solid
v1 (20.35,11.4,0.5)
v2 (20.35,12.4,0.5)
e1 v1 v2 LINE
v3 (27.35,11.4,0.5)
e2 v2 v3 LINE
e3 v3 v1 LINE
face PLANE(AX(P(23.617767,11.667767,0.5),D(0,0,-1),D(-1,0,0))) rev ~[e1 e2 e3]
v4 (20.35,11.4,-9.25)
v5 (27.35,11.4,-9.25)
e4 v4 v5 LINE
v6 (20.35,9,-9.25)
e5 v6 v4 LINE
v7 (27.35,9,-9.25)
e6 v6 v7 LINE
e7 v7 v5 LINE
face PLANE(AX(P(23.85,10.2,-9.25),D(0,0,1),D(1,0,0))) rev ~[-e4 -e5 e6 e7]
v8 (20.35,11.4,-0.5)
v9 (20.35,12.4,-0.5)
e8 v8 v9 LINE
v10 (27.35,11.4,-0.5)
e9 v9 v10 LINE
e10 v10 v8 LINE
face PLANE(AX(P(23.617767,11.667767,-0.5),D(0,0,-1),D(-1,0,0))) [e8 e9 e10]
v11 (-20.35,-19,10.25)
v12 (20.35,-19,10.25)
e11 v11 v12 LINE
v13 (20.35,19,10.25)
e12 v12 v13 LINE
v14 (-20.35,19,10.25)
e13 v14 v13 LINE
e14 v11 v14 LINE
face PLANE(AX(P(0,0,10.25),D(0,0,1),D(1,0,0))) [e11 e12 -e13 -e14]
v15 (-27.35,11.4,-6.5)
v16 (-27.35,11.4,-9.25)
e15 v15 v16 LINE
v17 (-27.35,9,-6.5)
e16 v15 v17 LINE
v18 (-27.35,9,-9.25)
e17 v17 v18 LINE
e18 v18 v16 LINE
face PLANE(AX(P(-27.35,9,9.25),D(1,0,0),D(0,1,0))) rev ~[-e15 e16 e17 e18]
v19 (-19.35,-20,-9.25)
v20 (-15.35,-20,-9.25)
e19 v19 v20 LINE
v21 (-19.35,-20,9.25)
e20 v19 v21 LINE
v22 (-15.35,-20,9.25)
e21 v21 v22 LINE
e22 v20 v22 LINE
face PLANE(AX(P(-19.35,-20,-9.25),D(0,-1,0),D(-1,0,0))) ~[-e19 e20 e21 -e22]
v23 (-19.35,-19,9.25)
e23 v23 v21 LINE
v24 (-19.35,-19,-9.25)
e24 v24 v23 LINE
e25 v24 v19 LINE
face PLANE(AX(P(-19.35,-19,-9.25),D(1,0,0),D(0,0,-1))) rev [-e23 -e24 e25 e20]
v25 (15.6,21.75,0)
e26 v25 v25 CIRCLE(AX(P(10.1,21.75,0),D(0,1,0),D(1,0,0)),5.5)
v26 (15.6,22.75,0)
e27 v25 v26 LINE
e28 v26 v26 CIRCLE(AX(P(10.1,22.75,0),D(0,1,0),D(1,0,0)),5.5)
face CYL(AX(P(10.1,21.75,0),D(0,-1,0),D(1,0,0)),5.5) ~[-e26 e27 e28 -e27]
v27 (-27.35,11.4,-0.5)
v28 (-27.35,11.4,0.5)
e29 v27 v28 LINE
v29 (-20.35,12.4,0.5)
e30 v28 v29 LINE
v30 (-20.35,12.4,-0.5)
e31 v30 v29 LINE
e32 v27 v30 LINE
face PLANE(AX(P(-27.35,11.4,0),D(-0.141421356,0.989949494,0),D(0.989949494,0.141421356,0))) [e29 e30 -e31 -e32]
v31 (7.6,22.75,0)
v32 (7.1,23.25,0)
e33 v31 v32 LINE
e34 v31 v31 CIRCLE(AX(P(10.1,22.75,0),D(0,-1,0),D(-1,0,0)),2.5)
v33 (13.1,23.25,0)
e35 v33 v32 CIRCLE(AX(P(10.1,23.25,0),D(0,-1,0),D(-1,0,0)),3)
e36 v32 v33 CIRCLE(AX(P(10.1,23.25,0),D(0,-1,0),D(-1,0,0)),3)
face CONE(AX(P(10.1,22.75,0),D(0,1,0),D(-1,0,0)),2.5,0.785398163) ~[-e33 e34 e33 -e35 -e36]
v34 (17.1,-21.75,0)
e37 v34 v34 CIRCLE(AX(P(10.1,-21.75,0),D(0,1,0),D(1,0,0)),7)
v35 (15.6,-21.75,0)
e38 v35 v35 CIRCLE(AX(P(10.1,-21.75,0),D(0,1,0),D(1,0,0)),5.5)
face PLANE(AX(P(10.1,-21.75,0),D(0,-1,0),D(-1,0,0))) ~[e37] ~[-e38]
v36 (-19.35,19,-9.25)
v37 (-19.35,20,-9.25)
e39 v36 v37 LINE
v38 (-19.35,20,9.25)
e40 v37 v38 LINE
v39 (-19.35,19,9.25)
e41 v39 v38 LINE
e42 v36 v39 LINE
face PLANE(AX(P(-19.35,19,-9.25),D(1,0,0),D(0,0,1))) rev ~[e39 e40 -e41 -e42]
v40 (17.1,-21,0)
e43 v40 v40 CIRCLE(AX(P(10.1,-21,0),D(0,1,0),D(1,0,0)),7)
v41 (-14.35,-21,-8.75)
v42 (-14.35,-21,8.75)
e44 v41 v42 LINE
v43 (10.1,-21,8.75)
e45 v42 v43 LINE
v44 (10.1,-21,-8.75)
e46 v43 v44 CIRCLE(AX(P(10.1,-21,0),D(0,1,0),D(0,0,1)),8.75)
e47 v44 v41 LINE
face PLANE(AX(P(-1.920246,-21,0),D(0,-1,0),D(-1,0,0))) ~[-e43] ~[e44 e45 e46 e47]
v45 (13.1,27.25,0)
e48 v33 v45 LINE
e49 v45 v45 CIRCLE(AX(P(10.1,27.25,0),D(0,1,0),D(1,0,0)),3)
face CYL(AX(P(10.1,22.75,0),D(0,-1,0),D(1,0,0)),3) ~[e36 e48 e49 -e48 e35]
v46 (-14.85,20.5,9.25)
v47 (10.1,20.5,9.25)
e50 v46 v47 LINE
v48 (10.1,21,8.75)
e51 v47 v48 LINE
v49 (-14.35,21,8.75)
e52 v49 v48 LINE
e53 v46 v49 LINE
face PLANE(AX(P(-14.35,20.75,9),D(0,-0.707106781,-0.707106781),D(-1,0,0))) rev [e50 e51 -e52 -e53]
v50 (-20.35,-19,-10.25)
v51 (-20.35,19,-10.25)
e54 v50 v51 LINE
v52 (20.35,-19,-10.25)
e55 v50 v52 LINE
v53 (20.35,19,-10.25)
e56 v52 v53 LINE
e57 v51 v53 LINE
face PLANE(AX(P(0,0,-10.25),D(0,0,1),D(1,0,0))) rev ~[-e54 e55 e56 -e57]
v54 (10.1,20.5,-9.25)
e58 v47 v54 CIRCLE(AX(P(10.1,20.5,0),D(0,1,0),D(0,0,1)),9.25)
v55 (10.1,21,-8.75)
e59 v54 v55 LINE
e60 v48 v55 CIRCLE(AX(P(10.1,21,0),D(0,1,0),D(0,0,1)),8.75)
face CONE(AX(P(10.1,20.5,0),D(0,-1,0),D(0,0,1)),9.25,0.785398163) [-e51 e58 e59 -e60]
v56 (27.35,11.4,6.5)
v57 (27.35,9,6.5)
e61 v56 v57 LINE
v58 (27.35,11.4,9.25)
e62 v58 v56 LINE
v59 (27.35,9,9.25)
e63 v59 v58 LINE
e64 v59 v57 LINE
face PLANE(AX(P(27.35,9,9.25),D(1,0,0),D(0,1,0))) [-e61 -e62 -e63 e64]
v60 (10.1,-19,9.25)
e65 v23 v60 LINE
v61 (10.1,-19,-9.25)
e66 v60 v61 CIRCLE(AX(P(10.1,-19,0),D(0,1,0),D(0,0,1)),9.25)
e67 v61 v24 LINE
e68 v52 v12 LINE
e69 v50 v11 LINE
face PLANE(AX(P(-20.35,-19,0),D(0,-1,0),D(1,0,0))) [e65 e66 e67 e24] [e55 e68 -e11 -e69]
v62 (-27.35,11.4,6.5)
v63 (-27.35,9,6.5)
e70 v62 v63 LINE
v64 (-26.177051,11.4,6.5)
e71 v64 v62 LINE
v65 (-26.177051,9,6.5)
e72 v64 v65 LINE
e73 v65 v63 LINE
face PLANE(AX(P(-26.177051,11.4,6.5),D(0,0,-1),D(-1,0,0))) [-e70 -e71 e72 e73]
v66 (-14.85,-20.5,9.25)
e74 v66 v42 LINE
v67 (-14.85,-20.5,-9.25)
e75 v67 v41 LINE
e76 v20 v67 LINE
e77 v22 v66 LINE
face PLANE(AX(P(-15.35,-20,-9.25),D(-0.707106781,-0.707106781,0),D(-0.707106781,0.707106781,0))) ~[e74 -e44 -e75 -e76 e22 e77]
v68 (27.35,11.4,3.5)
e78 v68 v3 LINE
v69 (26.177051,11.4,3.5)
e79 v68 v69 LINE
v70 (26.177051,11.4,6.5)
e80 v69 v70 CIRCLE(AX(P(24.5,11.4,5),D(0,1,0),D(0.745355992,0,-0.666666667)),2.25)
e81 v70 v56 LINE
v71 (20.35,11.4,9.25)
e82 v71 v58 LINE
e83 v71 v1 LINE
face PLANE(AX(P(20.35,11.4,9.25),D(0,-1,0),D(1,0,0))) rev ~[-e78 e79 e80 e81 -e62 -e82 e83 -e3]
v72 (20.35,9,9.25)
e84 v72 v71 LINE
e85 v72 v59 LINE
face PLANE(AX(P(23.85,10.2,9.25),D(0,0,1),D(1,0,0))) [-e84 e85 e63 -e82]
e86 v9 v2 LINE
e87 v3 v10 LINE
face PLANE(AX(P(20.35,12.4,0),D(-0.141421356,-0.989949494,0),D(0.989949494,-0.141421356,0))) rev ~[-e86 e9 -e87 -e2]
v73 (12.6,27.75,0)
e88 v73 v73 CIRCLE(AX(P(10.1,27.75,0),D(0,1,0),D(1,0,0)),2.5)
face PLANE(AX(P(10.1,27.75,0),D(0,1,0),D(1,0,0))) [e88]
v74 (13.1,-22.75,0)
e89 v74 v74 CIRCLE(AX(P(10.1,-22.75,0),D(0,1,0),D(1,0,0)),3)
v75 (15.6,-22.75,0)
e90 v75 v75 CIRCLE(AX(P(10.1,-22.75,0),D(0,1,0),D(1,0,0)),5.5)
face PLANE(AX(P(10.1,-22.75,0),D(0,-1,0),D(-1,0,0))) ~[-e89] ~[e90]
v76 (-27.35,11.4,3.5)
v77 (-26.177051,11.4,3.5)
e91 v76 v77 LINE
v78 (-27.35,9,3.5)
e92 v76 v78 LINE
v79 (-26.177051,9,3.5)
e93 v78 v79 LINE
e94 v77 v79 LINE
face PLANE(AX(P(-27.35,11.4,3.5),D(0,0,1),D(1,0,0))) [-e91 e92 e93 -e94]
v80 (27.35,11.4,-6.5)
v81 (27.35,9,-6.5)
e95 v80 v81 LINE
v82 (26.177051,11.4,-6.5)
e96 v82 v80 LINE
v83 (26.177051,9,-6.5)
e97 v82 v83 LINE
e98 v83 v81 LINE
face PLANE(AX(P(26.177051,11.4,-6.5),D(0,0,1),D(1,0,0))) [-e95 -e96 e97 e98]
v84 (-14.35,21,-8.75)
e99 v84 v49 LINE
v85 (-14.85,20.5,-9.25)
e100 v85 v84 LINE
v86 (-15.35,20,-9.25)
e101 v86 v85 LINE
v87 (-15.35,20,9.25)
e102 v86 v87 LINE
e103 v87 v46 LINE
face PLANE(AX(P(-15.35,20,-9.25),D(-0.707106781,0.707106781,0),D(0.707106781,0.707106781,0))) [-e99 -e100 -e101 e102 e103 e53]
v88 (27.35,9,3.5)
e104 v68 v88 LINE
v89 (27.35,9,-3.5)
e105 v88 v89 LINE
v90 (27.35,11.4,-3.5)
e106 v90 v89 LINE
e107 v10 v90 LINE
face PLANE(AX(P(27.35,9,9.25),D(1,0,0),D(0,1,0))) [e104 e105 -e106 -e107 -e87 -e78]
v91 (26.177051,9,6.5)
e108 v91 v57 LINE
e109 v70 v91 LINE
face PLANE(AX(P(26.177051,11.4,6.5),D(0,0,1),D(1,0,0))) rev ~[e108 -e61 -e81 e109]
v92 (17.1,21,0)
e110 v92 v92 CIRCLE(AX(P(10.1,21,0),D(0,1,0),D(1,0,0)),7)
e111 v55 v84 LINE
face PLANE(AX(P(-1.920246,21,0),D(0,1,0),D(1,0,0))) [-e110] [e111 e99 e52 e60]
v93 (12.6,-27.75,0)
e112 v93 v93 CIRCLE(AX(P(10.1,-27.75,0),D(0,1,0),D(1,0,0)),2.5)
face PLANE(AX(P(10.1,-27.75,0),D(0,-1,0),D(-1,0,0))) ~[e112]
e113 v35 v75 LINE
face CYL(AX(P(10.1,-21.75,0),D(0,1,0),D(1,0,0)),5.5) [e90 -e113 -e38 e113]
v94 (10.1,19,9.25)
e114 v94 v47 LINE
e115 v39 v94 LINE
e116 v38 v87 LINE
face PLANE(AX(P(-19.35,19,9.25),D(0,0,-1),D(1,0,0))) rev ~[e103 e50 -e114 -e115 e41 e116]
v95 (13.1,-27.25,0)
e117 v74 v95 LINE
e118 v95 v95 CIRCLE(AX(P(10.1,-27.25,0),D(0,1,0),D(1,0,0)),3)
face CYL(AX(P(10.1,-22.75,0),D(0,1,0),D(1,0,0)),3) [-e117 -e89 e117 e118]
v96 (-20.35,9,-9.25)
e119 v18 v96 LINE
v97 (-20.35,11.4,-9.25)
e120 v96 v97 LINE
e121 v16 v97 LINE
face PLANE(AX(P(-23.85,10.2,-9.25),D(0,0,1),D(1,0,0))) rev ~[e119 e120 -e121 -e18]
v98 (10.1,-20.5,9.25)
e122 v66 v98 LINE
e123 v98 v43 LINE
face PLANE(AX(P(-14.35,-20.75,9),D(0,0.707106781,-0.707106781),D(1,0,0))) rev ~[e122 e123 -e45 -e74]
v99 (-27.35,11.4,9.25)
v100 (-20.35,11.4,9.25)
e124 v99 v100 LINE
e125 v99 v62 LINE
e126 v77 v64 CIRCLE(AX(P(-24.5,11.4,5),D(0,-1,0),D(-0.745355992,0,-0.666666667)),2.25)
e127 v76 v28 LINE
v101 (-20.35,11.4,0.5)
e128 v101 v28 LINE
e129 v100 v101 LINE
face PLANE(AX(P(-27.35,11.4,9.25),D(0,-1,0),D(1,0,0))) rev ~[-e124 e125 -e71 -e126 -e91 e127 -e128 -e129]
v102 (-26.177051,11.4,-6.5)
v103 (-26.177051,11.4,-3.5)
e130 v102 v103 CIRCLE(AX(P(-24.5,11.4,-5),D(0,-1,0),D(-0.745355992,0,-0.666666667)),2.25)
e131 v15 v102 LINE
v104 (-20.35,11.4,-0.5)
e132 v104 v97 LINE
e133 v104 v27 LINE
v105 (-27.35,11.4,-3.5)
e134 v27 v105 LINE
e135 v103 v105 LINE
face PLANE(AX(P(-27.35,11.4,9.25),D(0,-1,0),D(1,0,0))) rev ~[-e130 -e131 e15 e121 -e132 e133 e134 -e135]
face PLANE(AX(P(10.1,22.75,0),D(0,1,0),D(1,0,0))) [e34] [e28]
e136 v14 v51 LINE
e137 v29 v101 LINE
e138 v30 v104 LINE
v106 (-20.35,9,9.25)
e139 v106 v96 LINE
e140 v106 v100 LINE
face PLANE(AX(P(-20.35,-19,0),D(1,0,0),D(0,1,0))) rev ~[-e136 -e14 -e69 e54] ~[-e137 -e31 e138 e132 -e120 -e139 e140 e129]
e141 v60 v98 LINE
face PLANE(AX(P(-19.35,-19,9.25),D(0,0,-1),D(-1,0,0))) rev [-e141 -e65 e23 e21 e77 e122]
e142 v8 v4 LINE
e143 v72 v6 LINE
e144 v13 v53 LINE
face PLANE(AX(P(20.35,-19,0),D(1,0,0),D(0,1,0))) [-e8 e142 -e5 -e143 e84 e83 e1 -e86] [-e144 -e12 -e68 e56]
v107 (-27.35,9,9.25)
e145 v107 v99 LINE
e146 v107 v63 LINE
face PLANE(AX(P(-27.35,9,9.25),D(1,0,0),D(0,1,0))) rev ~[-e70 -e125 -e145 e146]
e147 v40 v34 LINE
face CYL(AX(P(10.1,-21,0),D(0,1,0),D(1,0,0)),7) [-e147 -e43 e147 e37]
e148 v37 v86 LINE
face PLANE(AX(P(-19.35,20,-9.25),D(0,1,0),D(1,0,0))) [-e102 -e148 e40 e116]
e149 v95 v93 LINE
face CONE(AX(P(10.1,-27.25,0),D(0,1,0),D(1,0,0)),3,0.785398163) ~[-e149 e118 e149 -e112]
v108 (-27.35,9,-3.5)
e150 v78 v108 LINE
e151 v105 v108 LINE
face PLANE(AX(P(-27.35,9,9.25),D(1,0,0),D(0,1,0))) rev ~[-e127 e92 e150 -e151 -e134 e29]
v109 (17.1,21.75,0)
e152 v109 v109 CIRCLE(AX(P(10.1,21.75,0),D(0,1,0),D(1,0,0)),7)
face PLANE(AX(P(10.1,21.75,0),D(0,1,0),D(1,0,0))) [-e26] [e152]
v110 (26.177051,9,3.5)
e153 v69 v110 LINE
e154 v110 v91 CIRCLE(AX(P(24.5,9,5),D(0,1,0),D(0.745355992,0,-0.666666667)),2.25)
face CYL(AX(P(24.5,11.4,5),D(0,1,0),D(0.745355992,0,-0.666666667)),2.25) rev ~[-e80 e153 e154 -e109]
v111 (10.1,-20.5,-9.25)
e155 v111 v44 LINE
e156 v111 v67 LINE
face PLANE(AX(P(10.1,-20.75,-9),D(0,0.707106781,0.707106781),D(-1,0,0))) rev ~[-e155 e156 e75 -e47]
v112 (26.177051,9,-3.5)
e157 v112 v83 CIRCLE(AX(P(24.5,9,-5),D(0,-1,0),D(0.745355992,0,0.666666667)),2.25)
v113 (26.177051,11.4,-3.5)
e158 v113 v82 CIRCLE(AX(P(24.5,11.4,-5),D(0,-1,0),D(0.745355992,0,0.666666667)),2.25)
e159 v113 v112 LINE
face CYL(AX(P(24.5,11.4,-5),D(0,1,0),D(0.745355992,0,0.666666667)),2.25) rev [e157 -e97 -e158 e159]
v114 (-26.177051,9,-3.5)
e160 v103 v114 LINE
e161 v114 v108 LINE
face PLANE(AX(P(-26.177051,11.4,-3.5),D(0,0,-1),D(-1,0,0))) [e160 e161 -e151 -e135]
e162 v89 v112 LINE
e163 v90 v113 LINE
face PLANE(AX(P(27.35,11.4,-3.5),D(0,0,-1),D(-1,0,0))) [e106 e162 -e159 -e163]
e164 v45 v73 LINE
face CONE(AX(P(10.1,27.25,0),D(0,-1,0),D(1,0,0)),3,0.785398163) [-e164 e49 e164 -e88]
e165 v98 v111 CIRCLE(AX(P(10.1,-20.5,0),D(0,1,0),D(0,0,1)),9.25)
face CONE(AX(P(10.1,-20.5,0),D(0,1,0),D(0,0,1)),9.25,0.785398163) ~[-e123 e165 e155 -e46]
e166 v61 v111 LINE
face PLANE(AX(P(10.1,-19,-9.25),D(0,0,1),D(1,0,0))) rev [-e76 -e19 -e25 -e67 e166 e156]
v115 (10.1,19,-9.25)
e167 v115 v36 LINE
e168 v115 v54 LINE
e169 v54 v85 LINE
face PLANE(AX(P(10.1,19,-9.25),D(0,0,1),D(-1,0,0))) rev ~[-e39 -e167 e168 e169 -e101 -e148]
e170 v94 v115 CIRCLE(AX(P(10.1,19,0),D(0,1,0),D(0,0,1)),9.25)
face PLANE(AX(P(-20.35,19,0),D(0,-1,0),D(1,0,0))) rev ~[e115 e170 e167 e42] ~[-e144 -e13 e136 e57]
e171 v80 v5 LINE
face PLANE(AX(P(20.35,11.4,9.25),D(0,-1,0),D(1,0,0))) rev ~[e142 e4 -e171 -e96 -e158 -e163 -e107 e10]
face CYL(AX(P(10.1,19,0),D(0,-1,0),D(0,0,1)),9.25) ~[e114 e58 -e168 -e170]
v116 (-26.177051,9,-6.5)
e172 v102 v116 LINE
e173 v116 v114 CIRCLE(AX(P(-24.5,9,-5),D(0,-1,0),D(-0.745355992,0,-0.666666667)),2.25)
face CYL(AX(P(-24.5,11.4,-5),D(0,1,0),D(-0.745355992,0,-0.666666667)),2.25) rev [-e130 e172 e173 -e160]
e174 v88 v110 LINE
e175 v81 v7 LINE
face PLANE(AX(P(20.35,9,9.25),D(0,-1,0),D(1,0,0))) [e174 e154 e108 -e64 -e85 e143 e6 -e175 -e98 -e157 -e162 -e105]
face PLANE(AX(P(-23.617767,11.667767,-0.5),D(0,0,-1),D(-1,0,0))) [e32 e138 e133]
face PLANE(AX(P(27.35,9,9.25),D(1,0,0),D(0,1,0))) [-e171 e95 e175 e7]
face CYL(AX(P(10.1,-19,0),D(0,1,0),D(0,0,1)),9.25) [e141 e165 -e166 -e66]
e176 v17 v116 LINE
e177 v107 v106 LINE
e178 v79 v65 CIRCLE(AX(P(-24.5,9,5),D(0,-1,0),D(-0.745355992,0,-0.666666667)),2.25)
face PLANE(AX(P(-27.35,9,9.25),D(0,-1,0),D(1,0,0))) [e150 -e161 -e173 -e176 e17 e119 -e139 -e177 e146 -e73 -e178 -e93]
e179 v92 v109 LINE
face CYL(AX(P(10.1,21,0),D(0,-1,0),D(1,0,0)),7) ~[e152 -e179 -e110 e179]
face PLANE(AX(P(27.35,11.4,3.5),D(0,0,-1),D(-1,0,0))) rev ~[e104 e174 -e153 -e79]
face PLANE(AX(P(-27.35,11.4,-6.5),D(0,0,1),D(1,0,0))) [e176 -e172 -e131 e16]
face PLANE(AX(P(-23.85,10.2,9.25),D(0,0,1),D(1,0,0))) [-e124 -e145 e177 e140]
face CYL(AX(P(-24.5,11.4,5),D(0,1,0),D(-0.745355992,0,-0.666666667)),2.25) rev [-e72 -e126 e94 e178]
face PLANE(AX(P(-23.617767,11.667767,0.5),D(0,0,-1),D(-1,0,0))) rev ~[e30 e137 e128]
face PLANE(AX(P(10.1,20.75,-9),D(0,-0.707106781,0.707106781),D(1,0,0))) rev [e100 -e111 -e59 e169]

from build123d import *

# Parameters (mm, degrees)
CROQUIS1_W               = 40.7
CROQUIS1_H               = 38
SALIENTE_EXTRUIR1_DEPTH  = 10.25
CROQUIS2_W               = 7
CROQUIS2_H               = 2.4
SALIENTE_EXTRUIR2_DEPTH  = 18.5
SALIENTE_EXTRUIR3_DEPTH  = 0.5
CORTAR_EXTRUIR1_DEPTH    = 2.4
SALIENTE_EXTRUIR4_DEPTH  = 2
CORTAR_EXTRUIR3_START    = -18.5
CORTAR_EXTRUIR3_DEPTH    = 18.5
CROQUIS10_R              = 7
SALIENTE_EXTRUIR5_DEPTH  = 0.75
CROQUIS11_R              = 5.5
SALIENTE_EXTRUIR6_DEPTH  = 1
CROQUIS12_R              = 3
SALIENTE_EXTRUIR7_DEPTH  = 5
CHAFL_N2_SIZE            = 0.5
CHAFL_N2_OF_MIRROR1_SIZE = 0.5


with BuildPart() as part:
    # Croquis1 → Saliente-Extruir1 (new body, symmetric)
    with BuildSketch(Plane.XY):
        Rectangle(CROQUIS1_W, CROQUIS1_H)
    extrude(amount=SALIENTE_EXTRUIR1_DEPTH, both=True)

    # Croquis2 → Saliente-Extruir2 (add)
    with BuildSketch(Plane.XY.offset(9.25)):
        with Locations((-23.85, 10.2)):
            Rectangle(CROQUIS2_W, CROQUIS2_H)
        with Locations((23.85, 10.2)):
            Rectangle(CROQUIS2_W, CROQUIS2_H)
    extrude(amount=-SALIENTE_EXTRUIR2_DEPTH)

    # Croquis3 → Saliente-Extruir3 (add, symmetric)
    with BuildSketch(Plane.XY):
        Polygon((-20.35, 12.4), (-20.35, 11.4), (-27.35, 11.4), align=None)
        Polygon((20.35, 12.4), (27.35, 11.4), (20.35, 11.4), align=None)
    extrude(amount=SALIENTE_EXTRUIR3_DEPTH, both=True)

    # Croquis4 → Cortar-Extruir1 (cut)
    with BuildSketch(Plane(origin=(0, 11.4, 0), x_dir=(1, 0, 0), z_dir=(0, 1, 0))):
        with BuildLine():
            Line((-27.35, 6.5), (-26.177050983, 6.5))
            ThreePointArc((-26.177050983, 6.5), (-22.25, 5), (-26.177050983, 3.5))
            Line((-26.177050983, 3.5), (-27.35, 3.5))
            Line((-27.35, 3.5), (-27.35, 6.5))
        make_face()
        with BuildLine():
            Line((-27.35, -3.5), (-26.177050983, -3.5))
            ThreePointArc((-26.177050983, -3.5), (-22.25, -5), (-26.177050983, -6.5))
            Line((-26.177050983, -6.5), (-27.35, -6.5))
            Line((-27.35, -6.5), (-27.35, -3.5))
        make_face()
        with BuildLine():
            Line((26.177050983, -6.5), (27.35, -6.5))
            Line((27.35, -6.5), (27.35, -3.5))
            Line((27.35, -3.5), (26.177050983, -3.5))
            ThreePointArc((26.177050983, -3.5), (22.25, -5), (26.177050983, -6.5))
        make_face()
        with BuildLine():
            Line((27.35, 3.5), (26.177050983, 3.5))
            ThreePointArc((26.177050983, 3.5), (22.25, 5), (26.177050983, 6.5))
            Line((26.177050983, 6.5), (27.35, 6.5))
            Line((27.35, 6.5), (27.35, 3.5))
        make_face()
    extrude(amount=-CORTAR_EXTRUIR1_DEPTH, mode=Mode.SUBTRACT)

    # Croquis6 → Saliente-Extruir4 (add)
    with BuildSketch(Plane(origin=(0, 19, 0), x_dir=(1, 0, 0), z_dir=(0, 1, 0))):
        with BuildLine():
            Line((10.1, 9.25), (-19.35, 9.25))
            Line((-19.35, 9.25), (-19.35, -9.25))
            Line((-19.35, -9.25), (10.1, -9.25))
            ThreePointArc((10.1, -9.25), (19.35, 0), (10.1, 9.25))
        make_face()
    saliente_extruir4 = extrude(amount=SALIENTE_EXTRUIR4_DEPTH)

    # Croquis9 → Cortar-Extruir3 (cut)
    with BuildSketch(Plane.XY.offset(9.25).offset(CORTAR_EXTRUIR3_START)):
        Polygon((-19.35, 21), (-19.35, 20), (-15.35, 20), (-14.35, 21), align=None)
    cortar_extruir3 = extrude(amount=CORTAR_EXTRUIR3_DEPTH, mode=Mode.SUBTRACT)

    # Croquis10 → Saliente-Extruir5 (add)
    with BuildSketch(Plane(origin=(0, 21, 0), x_dir=(1, 0, 0), z_dir=(0, 1, 0))):
        with Locations((10.1, 0)):
            Circle(CROQUIS10_R)
    saliente_extruir5 = extrude(amount=SALIENTE_EXTRUIR5_DEPTH)

    # Croquis11 → Saliente-Extruir6 (add)
    with BuildSketch(Plane(origin=(0, 21.75, 0), x_dir=(1, 0, 0), z_dir=(0, 1, 0))):
        with Locations((10.1, 0)):
            Circle(CROQUIS11_R)
    saliente_extruir6 = extrude(amount=SALIENTE_EXTRUIR6_DEPTH)

    # Croquis12 → Saliente-Extruir7 (add)
    with BuildSketch(Plane(origin=(0, 22.75, 0), x_dir=(1, 0, 0), z_dir=(0, 1, 0))):
        with Locations((10.1, 0)):
            Circle(CROQUIS12_R)
    saliente_extruir7 = extrude(amount=SALIENTE_EXTRUIR7_DEPTH)

    # Chaflán2
    chafl_n2_edges = [part.edges().sort_by_distance(p)[0] for p in [
        (19.35, 21, 0),
        (-2.125, 21, -9.25),
        (-2.125, 21, 9.25),
        (7.1, 27.75, 0),
    ]]
    chamfer(chafl_n2_edges, length=CHAFL_N2_SIZE)

    # Croquis13 → Cortar-Revolución1 (revolve, cut)
    with BuildSketch(Plane.XY):
        Polygon((7.1, 23.25), (7.1, 22.75), (7.6, 22.75), align=None)
    revolve(axis=Axis((10.1, 27.75, 0), (0, -1, 0)), mode=Mode.SUBTRACT)

    # Mirror1: Saliente-Extruir4, Cortar-Extruir3, Saliente-Extruir5, Saliente-Extruir6, Saliente-Extruir7 across plane
    add(saliente_extruir4.mirror(Plane.ZX))
    add(cortar_extruir3.mirror(Plane.ZX), mode=Mode.SUBTRACT)
    add(saliente_extruir5.mirror(Plane.ZX))
    add(saliente_extruir6.mirror(Plane.ZX))
    add(saliente_extruir7.mirror(Plane.ZX))

    # Chaflán2 of Mirror1
    chafl_n2_of_mirror1_edges = [part.edges().sort_by_distance(p)[0] for p in [
        (19.35, -21, 0),
        (-2.125, -21, -9.25),
        (-2.125, -21, 9.25),
        (7.1, -27.75, 0),
    ]]
    chamfer(chafl_n2_of_mirror1_edges, length=CHAFL_N2_OF_MIRROR1_SIZE)


solid = part.part
